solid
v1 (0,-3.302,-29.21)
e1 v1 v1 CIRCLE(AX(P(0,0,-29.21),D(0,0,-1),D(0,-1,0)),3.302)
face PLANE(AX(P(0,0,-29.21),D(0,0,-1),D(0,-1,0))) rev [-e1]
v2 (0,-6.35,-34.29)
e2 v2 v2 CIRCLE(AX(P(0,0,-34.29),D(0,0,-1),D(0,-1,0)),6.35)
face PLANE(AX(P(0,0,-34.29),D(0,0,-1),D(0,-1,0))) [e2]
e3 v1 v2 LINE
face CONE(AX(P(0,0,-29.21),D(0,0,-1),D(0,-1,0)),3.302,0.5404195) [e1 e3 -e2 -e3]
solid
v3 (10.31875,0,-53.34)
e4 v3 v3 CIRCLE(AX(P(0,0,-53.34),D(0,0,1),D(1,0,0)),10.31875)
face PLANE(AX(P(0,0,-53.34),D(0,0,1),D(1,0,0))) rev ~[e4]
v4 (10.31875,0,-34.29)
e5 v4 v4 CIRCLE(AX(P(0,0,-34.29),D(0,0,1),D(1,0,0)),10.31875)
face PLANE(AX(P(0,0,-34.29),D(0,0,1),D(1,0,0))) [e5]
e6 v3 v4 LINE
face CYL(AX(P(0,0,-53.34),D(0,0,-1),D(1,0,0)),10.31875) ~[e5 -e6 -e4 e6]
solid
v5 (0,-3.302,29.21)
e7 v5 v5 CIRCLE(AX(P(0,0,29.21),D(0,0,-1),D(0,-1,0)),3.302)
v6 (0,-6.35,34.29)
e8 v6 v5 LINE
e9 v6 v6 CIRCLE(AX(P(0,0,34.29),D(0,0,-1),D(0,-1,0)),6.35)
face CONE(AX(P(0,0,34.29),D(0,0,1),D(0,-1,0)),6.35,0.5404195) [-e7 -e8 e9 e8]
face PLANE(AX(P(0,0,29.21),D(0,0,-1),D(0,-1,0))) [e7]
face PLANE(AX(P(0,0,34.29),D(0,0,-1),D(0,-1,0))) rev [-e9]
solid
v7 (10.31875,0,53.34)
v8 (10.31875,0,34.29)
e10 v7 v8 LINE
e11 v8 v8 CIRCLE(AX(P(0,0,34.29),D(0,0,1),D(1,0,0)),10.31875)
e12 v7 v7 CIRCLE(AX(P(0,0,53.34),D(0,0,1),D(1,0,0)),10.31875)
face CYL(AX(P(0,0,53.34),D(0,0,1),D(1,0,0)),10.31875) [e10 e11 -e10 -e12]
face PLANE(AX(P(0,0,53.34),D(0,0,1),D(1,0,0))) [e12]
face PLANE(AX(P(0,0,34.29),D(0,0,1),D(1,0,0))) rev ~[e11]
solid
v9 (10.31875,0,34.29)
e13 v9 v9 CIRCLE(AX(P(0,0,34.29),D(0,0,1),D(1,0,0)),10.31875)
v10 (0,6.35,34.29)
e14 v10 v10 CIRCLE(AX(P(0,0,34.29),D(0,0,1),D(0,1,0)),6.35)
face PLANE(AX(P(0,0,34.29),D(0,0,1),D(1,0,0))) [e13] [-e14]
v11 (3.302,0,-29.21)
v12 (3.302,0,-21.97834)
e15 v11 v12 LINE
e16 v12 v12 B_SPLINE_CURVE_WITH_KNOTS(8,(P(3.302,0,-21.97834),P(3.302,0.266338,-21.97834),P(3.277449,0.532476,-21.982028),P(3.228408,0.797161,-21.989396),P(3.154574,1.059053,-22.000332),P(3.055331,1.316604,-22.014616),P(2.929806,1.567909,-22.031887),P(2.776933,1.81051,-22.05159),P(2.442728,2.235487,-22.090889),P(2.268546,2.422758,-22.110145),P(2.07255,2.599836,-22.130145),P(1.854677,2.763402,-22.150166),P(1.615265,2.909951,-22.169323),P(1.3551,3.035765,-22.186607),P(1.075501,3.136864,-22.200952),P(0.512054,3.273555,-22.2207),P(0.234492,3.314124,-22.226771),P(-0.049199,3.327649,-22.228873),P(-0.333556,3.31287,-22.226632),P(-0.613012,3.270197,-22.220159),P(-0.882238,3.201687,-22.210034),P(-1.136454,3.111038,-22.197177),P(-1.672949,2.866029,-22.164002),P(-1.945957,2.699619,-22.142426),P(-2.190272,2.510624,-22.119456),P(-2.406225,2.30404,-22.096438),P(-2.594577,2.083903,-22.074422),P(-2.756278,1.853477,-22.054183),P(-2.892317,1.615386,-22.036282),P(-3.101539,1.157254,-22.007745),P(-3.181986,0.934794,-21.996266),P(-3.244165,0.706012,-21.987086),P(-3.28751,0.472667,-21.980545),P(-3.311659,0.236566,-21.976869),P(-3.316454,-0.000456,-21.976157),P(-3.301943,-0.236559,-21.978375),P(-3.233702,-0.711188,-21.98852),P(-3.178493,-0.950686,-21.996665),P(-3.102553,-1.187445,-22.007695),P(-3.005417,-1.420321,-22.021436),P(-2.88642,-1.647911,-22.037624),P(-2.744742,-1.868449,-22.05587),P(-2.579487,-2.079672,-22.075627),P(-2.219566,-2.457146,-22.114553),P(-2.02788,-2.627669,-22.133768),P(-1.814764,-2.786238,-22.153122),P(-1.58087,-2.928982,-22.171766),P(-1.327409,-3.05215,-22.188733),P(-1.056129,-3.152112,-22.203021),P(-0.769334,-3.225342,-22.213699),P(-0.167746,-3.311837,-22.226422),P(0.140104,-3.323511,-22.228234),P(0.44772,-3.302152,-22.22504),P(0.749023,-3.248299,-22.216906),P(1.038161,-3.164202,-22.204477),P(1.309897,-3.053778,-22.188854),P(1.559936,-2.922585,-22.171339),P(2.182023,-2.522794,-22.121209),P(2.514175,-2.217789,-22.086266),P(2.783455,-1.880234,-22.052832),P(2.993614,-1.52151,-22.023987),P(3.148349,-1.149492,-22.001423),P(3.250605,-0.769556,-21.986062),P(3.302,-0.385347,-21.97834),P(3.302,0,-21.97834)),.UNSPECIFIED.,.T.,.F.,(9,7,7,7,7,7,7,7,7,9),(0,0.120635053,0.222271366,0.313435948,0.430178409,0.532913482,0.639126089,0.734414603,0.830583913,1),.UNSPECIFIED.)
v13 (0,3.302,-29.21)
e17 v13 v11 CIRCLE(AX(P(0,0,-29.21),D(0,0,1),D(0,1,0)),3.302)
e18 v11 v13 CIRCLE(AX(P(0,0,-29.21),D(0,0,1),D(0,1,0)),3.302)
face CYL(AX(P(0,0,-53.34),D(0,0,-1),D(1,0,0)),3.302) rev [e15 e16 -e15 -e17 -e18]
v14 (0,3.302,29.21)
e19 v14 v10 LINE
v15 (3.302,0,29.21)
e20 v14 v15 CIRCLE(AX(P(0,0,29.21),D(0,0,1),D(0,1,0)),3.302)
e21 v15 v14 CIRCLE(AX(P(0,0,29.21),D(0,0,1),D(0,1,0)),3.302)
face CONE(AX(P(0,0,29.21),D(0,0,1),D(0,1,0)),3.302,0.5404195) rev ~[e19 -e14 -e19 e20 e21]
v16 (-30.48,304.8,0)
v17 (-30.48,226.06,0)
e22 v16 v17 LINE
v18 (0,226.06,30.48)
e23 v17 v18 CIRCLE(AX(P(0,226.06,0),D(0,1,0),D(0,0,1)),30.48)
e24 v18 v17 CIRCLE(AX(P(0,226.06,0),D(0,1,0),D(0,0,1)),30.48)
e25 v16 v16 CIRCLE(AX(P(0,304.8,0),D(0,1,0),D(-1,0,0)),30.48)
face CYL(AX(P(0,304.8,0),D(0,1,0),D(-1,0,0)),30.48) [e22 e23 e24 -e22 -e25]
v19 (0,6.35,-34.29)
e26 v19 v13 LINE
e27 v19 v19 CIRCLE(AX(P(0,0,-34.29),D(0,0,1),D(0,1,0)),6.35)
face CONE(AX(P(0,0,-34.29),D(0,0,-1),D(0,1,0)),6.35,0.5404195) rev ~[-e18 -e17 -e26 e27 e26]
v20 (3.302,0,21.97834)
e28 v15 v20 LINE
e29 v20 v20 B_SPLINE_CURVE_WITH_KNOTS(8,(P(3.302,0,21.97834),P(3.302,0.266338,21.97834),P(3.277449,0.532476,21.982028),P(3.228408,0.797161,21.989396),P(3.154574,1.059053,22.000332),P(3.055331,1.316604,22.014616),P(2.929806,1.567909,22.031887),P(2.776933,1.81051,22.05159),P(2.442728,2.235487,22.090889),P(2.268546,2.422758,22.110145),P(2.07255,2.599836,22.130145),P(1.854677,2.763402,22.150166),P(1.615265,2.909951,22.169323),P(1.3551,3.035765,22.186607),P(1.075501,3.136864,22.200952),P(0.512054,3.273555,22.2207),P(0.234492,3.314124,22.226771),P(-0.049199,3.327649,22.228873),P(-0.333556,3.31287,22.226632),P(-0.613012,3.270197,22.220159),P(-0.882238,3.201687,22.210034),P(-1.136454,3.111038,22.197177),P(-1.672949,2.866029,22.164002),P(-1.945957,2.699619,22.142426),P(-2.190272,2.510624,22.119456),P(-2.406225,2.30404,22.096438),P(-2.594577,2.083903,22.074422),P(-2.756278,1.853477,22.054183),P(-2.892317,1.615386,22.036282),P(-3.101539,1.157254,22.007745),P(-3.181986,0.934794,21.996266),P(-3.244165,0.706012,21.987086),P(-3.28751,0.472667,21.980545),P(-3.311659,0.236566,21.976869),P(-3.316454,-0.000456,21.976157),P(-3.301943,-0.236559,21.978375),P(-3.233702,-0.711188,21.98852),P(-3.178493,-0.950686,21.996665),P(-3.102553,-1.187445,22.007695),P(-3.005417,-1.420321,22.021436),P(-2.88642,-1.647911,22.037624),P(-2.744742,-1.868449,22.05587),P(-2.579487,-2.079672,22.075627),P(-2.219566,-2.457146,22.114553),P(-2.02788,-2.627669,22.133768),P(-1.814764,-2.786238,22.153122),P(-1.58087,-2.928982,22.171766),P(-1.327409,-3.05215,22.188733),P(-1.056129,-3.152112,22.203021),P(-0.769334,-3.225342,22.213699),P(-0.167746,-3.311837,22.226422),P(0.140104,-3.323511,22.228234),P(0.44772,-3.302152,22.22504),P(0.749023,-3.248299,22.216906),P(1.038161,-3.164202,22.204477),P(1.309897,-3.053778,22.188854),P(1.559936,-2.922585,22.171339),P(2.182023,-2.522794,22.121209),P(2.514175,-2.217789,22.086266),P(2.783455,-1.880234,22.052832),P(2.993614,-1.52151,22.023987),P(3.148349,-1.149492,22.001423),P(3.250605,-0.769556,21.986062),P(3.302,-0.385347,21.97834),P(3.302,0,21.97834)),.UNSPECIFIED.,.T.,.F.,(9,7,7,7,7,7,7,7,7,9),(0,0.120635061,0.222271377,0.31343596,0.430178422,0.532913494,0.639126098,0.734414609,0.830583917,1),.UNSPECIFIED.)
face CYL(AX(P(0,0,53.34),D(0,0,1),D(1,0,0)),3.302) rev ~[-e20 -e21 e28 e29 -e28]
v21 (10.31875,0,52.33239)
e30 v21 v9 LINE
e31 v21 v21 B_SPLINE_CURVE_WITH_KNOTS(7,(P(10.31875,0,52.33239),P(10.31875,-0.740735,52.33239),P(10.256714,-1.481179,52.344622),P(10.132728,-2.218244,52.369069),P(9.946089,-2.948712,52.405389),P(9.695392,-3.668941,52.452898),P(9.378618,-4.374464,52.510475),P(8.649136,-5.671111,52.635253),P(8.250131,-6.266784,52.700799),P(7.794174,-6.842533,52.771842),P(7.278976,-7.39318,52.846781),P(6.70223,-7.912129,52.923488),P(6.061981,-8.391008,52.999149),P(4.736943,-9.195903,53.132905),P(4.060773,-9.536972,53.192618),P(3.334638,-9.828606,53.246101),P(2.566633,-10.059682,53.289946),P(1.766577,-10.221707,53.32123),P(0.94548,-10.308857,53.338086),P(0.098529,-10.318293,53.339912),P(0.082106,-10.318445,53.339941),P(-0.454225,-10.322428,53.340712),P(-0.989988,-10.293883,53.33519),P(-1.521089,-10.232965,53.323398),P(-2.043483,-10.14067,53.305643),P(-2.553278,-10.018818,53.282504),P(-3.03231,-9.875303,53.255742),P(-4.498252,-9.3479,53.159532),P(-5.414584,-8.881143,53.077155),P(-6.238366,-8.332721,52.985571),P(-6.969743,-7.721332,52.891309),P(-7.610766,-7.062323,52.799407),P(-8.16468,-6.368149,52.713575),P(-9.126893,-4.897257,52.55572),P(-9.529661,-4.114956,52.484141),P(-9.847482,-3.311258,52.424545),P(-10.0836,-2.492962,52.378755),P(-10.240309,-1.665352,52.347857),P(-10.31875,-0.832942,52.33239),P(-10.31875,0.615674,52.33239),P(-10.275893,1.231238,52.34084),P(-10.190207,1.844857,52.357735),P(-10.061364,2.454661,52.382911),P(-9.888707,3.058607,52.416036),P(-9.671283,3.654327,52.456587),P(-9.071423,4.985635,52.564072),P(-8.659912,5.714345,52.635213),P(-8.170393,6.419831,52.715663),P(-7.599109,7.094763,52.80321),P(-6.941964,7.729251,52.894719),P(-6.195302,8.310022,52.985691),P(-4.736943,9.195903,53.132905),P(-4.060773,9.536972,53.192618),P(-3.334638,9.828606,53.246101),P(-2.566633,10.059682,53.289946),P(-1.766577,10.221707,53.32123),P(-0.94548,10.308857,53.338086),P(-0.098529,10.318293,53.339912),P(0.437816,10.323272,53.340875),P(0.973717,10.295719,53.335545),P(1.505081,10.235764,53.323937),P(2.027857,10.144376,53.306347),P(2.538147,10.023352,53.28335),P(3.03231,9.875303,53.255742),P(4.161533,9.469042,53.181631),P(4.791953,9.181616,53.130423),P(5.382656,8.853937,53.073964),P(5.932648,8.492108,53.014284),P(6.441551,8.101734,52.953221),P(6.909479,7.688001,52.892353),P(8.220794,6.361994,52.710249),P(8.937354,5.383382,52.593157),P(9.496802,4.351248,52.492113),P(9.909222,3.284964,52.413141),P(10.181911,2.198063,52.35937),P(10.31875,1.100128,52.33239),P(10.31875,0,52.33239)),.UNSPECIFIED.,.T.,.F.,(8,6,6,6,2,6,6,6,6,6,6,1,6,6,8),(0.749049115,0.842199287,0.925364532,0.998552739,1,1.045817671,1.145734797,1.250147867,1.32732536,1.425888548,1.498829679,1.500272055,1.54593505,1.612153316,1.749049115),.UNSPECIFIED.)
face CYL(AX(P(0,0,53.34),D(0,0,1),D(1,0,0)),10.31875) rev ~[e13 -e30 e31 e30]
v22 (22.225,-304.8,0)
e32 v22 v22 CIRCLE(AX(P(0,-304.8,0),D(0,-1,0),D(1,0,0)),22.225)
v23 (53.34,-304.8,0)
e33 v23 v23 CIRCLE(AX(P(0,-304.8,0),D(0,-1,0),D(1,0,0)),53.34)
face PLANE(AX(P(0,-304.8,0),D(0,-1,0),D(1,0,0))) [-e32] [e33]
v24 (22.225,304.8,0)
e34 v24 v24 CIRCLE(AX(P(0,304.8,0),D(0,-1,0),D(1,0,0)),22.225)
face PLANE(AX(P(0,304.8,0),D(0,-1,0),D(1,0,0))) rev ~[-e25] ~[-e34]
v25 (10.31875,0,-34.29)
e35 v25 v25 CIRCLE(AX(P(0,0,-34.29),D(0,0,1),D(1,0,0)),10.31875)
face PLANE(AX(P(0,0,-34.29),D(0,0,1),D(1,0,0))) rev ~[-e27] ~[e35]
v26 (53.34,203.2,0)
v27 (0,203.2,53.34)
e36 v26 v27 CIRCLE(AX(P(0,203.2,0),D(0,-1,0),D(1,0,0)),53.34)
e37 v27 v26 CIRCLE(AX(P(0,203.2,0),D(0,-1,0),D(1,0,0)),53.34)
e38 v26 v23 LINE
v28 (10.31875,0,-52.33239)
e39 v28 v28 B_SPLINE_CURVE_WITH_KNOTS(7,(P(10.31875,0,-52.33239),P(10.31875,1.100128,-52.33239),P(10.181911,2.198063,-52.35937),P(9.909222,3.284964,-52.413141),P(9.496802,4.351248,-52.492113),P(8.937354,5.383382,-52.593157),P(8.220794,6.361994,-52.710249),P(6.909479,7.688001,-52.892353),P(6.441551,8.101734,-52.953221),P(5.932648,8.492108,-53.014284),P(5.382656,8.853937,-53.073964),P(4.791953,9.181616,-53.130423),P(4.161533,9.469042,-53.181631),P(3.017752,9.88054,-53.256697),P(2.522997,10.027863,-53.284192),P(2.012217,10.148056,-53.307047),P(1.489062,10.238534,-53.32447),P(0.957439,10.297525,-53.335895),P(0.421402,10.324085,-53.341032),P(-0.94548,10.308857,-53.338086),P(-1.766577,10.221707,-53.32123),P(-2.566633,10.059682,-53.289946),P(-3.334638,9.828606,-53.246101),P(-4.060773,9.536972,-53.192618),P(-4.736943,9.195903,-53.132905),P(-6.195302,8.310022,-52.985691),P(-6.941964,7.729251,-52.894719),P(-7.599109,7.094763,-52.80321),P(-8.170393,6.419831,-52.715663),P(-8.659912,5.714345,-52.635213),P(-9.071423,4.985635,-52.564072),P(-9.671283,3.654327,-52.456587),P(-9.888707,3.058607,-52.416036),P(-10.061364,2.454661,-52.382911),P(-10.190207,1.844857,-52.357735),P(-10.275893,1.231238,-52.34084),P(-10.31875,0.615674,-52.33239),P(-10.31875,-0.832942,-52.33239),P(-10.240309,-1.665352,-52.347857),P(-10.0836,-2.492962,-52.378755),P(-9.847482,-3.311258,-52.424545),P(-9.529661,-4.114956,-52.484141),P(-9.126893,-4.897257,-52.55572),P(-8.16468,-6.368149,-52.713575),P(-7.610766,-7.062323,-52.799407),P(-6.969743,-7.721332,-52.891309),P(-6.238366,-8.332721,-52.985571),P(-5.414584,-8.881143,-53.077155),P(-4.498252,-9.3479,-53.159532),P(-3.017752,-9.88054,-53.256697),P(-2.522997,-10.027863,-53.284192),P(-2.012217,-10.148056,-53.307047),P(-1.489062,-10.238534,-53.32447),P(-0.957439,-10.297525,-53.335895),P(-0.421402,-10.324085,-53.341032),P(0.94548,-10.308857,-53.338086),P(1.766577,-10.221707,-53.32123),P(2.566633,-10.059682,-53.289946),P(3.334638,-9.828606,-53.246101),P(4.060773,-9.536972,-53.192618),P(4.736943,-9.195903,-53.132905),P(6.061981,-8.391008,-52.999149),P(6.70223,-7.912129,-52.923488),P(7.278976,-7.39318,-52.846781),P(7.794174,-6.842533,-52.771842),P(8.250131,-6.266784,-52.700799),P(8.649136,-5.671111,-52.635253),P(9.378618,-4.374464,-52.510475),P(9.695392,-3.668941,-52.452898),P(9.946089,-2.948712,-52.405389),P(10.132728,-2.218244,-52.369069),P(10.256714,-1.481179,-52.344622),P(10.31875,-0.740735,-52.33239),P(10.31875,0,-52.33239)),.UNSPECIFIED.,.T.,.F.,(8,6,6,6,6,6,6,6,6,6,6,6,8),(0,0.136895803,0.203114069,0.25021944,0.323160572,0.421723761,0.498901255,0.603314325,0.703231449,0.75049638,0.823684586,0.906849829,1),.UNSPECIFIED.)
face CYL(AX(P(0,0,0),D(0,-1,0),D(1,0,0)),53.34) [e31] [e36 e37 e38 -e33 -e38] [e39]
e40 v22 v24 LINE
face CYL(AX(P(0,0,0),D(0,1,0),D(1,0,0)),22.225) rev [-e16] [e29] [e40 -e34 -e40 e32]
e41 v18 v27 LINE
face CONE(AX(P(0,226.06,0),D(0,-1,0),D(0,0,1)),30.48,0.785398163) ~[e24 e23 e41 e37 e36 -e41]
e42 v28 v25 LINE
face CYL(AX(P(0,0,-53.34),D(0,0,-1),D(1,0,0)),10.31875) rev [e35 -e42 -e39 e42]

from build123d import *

# Parameters (mm, degrees)
F0_R      = 53.34
F0_R_2    = 22.225
F1_DEPTH  = 304.8
F4_R      = 53.34
F4_R_2    = 30.48
F5_DEPTH  = 101.6
F10_R     = 10.31875
F10_R_2   = 3.302
F11_DEPTH = 19.05
F12_DEPTH = 32.3616602869
F13_R     = 10.31875
F13_R_2   = 3.302
F14_DEPTH = 19.05
F15_DEPTH = 32.3616602869
F20_R     = 10.31875
F21_DEPTH = 19.05
F22_R     = 10.31875
F23_DEPTH = 19.05


with BuildPart() as f1:
    # F0 (on Front) → F1 (new body, symmetric)
    with BuildSketch(Plane.XZ):
        Circle(F0_R)
        Circle(F0_R_2, mode=Mode.SUBTRACT)
    extrude(amount=F1_DEPTH, both=True)

    # F4 (on offset) → F5 (cut)
    with BuildSketch(Plane(origin=(0, 304.8, 0), x_dir=(-1, 0, 0), z_dir=(0, 1, 0))):
        Circle(F4_R)
        Circle(F4_R_2, mode=Mode.SUBTRACT)
    extrude(amount=-F5_DEPTH, mode=Mode.SUBTRACT)

    # F6 (on Right) → F7 (revolve)
    with BuildSketch(Plane.YZ):
        Polygon((203.2, 53.34), (203.2, 30.48), (226.06, 30.48), align=None)
    revolve(axis=Axis((0, 101.6, 0), (0, 1, 0)))

    # F10 (on offset) → F11 (cut)
    with BuildSketch(Plane.XY.offset(53.34)):
        Circle(F10_R)
        Circle(F10_R_2, mode=Mode.SUBTRACT)
        Circle(F10_R_2)
    extrude(amount=-F11_DEPTH, mode=Mode.SUBTRACT)

    # F10 (on offset) → F12 (cut, up to face)
    with BuildSketch(Plane.XY.offset(53.34)):
        Circle(F10_R_2)
    extrude(amount=-F12_DEPTH, mode=Mode.SUBTRACT)

    # F13 (on offset) → F14 (cut)
    with BuildSketch(Plane.XY.offset(-53.34)):
        Circle(F13_R)
        Circle(F13_R_2, mode=Mode.SUBTRACT)
        Circle(F13_R_2)
    extrude(amount=F14_DEPTH, mode=Mode.SUBTRACT)

    # F13 (on offset) → F15 (cut, up to face)
    with BuildSketch(Plane.XY.offset(-53.34)):
        Circle(F13_R_2)
    extrude(amount=F15_DEPTH, mode=Mode.SUBTRACT)

    # F16 (on Right) → F17 (revolve, cut)
    with BuildSketch(Plane.YZ):
        Polygon((6.35, 34.29), (3.302, 34.29), (3.302, 29.21), align=None)
        Polygon((6.35, -34.29), (3.302, -29.21), (3.302, -34.29), align=None)
    revolve(axis=Axis((0, 0, 17.145), (0, 0, 1)), mode=Mode.SUBTRACT)


with BuildPart() as f19:
    # F18 (on Right) → F19 (revolve)
    with BuildSketch(Plane.YZ):
        Polygon((0, 29.21), (0, 34.29), (-6.35, 34.29), (-3.302, 29.21), align=None)
    revolve(axis=Axis((0, 0, 14.605), (0, 0, -1)))


with BuildPart() as f19b:
    # F18 (on Right) → F19, piece 2 (revolve)
    with BuildSketch(Plane.YZ):
        Polygon((0, -29.21), (-3.302, -29.21), (-6.35, -34.29), (0, -34.29), align=None)
    revolve(axis=Axis((0, 0, 14.605), (0, 0, -1)))


with BuildPart() as f21:
    # F20 (on offset) → F21 (new body, through all)
    with BuildSketch(Plane.XY.offset(53.34)):
        Circle(F20_R)
    extrude(amount=-F21_DEPTH)


with BuildPart() as f23:
    # F22 (on offset) → F23 (new body, through all)
    with BuildSketch(Plane.XY.offset(-53.34)):
        Circle(F22_R)
    extrude(amount=F23_DEPTH)


solid = Compound([f1.part, f19.part, f19b.part, f21.part, f23.part])
